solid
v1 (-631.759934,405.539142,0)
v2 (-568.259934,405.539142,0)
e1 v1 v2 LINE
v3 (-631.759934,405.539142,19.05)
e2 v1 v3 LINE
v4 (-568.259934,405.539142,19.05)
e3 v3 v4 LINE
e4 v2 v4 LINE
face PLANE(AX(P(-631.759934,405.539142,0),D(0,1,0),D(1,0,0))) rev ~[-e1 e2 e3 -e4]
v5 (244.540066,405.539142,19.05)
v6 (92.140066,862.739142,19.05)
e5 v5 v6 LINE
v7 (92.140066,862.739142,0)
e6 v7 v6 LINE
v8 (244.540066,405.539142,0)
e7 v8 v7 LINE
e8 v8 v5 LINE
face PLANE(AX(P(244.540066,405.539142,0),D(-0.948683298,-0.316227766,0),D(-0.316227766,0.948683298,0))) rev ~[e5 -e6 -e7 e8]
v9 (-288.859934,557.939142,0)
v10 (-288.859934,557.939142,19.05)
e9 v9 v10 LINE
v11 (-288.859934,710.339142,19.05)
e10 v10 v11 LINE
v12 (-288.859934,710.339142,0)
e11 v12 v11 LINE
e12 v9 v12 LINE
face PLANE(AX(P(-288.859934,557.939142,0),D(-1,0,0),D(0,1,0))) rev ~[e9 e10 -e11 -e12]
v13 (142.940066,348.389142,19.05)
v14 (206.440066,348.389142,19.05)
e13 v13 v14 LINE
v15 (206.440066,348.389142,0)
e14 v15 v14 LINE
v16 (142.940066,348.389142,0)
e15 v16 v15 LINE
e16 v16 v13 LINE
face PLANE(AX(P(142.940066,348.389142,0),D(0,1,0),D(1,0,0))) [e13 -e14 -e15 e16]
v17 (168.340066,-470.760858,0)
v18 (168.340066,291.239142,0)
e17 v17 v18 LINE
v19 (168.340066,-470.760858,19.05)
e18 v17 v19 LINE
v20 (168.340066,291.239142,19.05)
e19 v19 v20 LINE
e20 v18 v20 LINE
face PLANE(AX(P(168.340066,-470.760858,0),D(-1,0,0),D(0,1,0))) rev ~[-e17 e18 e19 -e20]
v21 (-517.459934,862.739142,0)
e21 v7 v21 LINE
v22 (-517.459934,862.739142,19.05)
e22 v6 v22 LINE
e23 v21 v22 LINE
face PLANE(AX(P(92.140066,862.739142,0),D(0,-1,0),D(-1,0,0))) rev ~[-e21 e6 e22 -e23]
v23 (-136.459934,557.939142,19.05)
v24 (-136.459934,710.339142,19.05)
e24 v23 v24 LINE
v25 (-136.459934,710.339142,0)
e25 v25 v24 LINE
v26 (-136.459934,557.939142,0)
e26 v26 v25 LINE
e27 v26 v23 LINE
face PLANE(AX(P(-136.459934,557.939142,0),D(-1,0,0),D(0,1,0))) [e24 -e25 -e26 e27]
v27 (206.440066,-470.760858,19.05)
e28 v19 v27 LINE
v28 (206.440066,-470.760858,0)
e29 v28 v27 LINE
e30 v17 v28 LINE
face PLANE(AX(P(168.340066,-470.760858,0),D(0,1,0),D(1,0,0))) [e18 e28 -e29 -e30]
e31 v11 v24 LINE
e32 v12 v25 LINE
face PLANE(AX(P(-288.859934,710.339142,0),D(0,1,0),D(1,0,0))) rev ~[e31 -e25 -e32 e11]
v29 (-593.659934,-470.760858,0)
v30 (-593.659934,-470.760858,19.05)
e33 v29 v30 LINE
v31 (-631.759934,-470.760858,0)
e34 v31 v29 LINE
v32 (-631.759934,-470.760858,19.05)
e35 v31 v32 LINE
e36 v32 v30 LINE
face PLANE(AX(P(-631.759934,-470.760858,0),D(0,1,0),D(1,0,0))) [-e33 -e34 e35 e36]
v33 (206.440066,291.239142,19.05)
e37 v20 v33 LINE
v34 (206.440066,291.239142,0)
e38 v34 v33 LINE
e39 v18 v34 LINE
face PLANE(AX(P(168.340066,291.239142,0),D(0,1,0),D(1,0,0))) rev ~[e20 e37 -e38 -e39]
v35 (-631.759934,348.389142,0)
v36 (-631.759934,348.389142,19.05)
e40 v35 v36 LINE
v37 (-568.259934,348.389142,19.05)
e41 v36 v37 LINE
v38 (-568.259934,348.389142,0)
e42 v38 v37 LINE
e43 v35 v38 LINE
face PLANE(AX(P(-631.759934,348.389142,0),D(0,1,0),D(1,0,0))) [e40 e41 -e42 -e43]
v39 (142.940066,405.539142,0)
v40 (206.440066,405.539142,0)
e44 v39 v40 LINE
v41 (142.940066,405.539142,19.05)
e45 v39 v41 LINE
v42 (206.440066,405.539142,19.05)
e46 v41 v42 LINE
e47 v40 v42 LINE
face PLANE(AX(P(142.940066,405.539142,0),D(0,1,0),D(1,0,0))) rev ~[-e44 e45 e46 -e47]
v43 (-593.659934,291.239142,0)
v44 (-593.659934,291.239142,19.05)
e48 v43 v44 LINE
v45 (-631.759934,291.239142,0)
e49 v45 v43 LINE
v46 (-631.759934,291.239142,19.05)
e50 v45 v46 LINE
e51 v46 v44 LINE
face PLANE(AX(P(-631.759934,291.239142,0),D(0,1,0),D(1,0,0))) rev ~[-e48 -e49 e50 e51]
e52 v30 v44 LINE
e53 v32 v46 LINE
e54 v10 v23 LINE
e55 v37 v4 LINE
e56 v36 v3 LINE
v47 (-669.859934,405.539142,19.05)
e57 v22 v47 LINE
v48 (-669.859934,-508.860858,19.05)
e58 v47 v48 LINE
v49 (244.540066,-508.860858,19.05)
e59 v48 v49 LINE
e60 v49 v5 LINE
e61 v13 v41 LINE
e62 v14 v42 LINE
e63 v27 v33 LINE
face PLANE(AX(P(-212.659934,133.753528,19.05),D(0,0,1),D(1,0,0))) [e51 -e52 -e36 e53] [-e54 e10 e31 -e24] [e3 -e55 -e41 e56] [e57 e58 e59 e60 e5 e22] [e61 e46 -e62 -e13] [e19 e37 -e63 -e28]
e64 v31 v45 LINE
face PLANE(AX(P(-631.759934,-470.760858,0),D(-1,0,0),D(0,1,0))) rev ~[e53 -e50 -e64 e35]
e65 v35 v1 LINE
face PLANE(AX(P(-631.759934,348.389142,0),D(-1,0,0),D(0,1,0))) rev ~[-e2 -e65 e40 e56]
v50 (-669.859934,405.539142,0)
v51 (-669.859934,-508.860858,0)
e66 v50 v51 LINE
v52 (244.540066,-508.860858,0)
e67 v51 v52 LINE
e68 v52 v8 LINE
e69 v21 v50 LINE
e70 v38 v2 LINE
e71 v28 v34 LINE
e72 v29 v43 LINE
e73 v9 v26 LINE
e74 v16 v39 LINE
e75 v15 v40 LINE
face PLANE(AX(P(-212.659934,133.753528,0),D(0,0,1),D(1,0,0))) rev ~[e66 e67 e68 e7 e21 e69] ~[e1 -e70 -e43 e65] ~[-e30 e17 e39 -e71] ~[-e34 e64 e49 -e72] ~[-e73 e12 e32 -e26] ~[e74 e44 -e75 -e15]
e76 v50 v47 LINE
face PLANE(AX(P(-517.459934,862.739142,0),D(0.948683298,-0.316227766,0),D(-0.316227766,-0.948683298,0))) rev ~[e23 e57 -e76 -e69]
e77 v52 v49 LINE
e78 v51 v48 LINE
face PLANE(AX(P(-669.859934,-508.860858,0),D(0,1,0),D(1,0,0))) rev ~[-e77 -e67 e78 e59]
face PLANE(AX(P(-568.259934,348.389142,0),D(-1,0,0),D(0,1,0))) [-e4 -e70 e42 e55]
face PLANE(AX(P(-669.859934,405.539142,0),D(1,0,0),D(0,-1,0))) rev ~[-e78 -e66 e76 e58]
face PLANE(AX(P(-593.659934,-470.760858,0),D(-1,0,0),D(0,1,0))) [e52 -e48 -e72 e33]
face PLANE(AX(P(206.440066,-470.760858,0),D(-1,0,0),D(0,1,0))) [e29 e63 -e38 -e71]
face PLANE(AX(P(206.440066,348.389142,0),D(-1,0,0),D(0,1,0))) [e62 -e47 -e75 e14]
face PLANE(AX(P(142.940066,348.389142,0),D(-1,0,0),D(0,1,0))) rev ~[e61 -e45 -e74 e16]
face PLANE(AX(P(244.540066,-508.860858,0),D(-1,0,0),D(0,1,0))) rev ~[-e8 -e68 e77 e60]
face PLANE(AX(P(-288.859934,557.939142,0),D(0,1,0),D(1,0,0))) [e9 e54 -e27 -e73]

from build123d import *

# Parameters (mm, degrees)
F0_W     = 38.1
F0_H     = 762
F0_W_2   = 63.5
F0_H_2   = 57.15
F0_W_3   = 152.4
F0_H_3   = 152.4
F1_DEPTH = 19.05


with BuildPart() as f1:
    # F0 (on Top) → F1 (new body)
    with BuildSketch(Plane.XY):
        Polygon((-669.859934, 405.539142), (-669.859934, -508.860858), (244.540066, -508.860858), (244.540066, 405.539142), (92.140066, 862.739142), (-517.459934, 862.739142), align=None)
        with Locations((-612.709934, -89.760858)):
            Rectangle(F0_W, F0_H, mode=Mode.SUBTRACT)
        with Locations((187.390066, -89.760858)):
            Rectangle(F0_W, F0_H, mode=Mode.SUBTRACT)
        with Locations((-600.009934, 376.964142)):
            Rectangle(F0_W_2, F0_H_2, mode=Mode.SUBTRACT)
        with Locations((-212.659934, 634.139142)):
            Rectangle(F0_W_3, F0_H_3, mode=Mode.SUBTRACT)
        with Locations((174.690066, 376.964142)):
            Rectangle(F0_W_2, F0_H_2, mode=Mode.SUBTRACT)
    extrude(amount=F1_DEPTH)


solid = f1.part
